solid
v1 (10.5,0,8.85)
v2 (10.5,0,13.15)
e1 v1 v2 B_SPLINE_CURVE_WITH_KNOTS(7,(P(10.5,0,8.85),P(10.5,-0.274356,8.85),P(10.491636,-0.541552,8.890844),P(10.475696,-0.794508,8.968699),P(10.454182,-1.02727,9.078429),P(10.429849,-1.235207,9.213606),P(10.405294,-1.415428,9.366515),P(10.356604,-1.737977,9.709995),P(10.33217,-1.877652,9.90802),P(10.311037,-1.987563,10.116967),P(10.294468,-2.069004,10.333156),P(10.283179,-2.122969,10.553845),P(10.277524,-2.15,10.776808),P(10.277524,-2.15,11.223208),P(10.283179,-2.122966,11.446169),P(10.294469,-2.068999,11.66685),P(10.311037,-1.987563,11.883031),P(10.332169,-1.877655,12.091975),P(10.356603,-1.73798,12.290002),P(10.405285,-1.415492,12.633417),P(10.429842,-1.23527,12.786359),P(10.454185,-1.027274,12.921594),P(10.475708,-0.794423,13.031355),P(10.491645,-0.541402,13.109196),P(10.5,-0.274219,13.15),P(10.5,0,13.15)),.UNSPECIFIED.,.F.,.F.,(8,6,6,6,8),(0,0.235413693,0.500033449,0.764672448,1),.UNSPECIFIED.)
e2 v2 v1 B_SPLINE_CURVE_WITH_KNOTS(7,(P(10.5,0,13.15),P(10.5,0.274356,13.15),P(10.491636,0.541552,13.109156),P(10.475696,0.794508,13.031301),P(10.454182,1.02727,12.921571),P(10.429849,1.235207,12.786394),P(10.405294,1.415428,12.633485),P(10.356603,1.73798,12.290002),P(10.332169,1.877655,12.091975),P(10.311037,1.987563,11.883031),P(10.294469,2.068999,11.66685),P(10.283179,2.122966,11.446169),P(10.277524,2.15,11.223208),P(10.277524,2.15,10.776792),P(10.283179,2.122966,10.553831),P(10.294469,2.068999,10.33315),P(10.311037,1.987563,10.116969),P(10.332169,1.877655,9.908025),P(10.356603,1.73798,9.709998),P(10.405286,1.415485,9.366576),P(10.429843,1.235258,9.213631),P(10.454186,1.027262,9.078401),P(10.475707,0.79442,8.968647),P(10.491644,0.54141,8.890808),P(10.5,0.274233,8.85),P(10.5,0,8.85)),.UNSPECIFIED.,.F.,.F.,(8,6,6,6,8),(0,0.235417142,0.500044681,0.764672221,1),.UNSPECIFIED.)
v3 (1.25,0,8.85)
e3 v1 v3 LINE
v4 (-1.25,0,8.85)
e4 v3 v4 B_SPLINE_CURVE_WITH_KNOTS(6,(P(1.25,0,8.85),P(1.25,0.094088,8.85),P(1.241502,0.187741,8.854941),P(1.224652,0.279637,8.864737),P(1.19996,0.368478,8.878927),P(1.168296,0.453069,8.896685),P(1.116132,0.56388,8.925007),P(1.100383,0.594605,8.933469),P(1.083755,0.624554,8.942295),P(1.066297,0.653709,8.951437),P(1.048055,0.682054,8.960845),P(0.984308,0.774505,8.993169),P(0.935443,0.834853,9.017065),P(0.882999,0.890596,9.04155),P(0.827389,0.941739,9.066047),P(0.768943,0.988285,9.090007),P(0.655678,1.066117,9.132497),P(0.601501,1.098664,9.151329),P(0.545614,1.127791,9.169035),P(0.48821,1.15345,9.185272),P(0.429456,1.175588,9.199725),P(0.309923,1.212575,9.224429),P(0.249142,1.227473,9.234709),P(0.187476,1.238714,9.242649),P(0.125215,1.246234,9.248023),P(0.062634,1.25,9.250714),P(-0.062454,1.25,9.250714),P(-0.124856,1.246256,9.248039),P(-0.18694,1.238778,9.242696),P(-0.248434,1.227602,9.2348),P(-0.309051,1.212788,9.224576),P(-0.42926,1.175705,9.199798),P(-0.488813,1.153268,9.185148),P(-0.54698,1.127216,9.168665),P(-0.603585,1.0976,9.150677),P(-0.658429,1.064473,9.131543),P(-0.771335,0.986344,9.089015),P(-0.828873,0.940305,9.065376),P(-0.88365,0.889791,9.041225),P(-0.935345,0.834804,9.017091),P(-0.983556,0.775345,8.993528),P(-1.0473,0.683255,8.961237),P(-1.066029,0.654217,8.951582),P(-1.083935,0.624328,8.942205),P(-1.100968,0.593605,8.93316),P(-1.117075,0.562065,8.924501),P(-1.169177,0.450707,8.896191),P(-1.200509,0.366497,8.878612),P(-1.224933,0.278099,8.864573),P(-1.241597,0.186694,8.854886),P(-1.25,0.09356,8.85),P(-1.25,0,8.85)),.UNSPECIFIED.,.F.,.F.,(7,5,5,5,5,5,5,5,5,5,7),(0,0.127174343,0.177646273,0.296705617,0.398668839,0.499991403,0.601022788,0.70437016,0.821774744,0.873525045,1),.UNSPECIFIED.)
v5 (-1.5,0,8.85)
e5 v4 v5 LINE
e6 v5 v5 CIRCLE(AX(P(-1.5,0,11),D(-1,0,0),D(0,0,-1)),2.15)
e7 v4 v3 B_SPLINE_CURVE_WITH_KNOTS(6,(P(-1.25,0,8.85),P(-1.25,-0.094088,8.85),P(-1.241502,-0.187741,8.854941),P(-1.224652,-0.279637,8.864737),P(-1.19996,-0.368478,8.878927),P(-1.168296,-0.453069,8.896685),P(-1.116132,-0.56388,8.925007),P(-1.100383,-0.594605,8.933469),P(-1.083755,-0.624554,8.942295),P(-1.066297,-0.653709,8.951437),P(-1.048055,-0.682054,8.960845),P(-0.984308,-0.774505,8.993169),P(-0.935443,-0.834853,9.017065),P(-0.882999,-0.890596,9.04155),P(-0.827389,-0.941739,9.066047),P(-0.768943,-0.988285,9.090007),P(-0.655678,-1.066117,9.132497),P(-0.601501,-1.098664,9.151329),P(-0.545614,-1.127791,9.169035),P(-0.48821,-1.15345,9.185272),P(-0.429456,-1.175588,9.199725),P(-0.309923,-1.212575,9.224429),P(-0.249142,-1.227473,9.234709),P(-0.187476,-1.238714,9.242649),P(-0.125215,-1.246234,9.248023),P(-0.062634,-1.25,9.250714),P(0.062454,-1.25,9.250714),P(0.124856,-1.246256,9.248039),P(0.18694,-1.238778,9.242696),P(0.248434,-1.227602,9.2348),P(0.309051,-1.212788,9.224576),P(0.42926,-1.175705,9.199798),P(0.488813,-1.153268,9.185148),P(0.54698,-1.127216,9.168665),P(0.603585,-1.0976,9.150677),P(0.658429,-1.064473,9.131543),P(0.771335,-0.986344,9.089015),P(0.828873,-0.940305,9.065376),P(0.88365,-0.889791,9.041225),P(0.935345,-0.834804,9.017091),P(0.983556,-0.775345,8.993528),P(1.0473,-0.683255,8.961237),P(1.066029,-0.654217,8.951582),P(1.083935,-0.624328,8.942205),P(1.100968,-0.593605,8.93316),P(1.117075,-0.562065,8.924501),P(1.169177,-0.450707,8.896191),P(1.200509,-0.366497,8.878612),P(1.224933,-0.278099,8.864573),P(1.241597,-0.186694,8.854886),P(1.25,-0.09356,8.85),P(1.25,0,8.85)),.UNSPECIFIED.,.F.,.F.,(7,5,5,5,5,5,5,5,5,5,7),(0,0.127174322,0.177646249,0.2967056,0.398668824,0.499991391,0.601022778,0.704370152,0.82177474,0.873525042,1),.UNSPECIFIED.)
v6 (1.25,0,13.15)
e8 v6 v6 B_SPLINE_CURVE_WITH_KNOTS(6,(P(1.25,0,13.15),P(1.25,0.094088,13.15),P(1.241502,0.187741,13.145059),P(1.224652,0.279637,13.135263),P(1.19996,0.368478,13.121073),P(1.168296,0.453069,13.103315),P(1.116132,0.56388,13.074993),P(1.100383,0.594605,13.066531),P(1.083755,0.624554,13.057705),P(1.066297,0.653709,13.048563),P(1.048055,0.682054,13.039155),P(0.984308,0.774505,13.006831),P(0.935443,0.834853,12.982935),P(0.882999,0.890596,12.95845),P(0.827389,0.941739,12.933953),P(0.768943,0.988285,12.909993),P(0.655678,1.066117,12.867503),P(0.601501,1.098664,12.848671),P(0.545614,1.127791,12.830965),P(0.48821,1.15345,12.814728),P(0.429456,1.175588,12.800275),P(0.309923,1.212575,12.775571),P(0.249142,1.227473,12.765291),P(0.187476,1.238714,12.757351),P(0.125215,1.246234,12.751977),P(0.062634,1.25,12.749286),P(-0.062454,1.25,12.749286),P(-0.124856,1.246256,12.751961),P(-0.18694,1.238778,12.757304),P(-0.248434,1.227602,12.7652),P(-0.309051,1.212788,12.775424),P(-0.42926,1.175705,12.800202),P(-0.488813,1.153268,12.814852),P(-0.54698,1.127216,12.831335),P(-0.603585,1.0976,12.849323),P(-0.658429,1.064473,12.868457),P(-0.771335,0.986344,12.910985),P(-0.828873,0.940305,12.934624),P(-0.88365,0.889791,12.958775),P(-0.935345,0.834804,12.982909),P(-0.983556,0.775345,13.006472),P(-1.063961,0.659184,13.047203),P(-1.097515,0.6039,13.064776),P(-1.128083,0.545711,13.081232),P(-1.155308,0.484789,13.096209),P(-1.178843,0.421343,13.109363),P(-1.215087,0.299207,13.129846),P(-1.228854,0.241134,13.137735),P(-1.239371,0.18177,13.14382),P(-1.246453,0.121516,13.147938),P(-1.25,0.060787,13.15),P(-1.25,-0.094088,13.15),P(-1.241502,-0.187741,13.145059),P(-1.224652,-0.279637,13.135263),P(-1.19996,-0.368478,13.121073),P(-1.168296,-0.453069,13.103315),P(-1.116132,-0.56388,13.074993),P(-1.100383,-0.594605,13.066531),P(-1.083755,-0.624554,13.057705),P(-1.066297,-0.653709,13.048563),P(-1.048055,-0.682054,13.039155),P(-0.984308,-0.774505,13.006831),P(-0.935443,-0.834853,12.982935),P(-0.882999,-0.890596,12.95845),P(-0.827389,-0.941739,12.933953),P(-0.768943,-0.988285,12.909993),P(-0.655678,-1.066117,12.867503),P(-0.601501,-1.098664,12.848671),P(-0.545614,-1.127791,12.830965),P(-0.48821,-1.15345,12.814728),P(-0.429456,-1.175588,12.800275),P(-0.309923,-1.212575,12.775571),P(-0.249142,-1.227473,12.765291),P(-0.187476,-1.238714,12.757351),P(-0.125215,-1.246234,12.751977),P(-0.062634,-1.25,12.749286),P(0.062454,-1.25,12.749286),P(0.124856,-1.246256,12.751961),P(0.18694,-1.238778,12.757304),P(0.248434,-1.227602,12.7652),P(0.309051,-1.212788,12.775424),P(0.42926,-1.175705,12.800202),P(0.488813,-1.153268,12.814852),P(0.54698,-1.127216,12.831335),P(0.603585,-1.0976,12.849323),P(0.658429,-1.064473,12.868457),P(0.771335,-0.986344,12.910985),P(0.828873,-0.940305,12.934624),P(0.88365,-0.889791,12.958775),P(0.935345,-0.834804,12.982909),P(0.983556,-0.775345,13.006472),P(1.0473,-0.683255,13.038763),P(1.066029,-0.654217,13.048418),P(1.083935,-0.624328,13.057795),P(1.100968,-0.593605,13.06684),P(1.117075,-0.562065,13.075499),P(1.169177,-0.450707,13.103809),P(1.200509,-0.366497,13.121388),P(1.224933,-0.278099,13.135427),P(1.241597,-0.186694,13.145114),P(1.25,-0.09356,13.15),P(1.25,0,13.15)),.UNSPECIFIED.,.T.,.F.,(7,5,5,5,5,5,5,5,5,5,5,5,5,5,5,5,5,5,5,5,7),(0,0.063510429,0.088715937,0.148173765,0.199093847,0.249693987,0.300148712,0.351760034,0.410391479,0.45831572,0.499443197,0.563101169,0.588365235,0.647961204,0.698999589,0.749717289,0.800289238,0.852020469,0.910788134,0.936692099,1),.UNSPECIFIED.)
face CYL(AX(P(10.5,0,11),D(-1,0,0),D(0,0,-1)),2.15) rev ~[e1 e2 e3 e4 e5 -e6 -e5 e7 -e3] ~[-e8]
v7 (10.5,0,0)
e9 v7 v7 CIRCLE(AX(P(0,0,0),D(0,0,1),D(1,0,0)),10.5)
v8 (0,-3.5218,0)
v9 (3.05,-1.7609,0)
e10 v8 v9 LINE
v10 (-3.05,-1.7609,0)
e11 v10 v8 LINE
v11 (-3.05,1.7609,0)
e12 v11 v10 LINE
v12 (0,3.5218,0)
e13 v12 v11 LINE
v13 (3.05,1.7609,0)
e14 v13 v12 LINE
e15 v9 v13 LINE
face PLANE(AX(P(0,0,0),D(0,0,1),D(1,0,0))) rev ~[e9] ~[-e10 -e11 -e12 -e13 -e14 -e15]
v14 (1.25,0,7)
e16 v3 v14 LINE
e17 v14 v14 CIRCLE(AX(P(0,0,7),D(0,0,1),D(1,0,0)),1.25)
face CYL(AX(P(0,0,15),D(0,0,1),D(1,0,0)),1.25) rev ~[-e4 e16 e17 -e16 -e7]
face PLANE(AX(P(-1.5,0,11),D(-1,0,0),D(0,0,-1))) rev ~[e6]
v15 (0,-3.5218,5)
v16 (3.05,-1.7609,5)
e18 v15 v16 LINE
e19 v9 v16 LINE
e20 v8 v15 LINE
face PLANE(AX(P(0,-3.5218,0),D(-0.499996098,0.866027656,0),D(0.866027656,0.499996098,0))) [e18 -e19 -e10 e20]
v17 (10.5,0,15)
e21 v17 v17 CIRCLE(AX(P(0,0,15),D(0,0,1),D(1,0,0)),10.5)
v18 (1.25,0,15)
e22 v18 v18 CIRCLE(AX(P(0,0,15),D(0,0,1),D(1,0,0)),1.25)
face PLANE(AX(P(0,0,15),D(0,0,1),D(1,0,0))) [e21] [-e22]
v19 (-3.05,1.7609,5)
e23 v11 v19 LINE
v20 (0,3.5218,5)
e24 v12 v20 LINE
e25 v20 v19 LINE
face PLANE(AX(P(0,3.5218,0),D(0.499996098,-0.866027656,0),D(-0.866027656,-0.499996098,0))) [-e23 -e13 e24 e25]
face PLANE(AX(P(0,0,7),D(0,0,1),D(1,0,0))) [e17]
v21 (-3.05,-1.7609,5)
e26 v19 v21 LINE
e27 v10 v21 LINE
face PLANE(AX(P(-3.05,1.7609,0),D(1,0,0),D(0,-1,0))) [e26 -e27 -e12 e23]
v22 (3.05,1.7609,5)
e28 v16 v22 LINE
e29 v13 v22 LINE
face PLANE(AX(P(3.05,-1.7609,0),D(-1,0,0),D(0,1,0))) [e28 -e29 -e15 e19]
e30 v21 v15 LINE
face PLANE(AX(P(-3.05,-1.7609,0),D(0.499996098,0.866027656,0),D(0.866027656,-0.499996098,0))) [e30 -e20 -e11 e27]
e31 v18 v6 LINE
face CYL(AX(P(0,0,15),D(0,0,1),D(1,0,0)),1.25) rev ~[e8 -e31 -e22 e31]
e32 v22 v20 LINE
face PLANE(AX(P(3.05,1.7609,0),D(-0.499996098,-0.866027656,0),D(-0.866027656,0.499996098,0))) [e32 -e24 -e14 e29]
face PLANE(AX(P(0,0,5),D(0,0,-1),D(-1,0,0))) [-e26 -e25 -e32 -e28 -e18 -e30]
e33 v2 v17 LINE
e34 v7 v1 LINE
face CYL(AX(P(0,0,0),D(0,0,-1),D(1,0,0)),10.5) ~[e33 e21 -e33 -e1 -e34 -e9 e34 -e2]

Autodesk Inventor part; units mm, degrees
ref_plane "YZ Plane" through (0, 0, 0) normal (1, 0, 0) x (0, 1, 0)
ref_plane "XZ Plane" through (0, 0, 0) normal (0, 1, 0) x (-1, 0, 0)
sketch "Boceto1" plane through (0, 0, 0) normal (0, 0, 1) x (1, 0, 0)
  circle A0 centre (0, 0) radius 10.5
  dimension "d0" = 21
extrude "Extrusión1" add sketch "Boceto1" along normal blind 15
sketch "Boceto2" plane through (0, 0, 15) normal (0, 0, 1) x (1, 0, 0)
  circle A0 centre (0, 0) radius 1.25
  dimension "d3" = 2.5
extrude "Extrusión2" cut sketch "Boceto2" against normal blind 8
sketch "Boceto3" plane through (0, 0, 0) normal (0, 0, -1) x (-1, 0, 0)
  line L0 (0, 3.5218) -> (3.05, 1.7609)
  line L1 (3.05, 1.7609) -> (3.05, -1.7609)
  line L2 (3.05, -1.7609) -> (0, -3.5218)
  line L3 (0, -3.5218) -> (-3.05, -1.7609)
  line L4 (-3.05, -1.7609) -> (-3.05, 1.7609)
  line L5 (-3.05, 1.7609) -> (0, 3.5218)
  point P0 (0, 0)
  point P1 (0, 0)
  point P2 (3.05, 0)
  dimension "d6" = 6.1
extrude "Extrusión3" cut sketch "Boceto3" against normal blind 5
ref_plane "Plano de trabajo1" through (10.5, 0, 0) normal (-1, 0, 0) x (0, 0, 1)
sketch "Boceto4" plane through (10.5, 0, 0) normal (-1, 0, 0) x (0, 0, 1)
  circle A0 centre (11, 0) radius 2
  line L0 (15, -10.5) -> (15, 10.5) projected
  point P0 (0, 0)
  dimension "d11" = 4
  dimension "d12" = 4
hole "Agujero1" at (10.5, 0, 11) direction (-1, 0, 0) diameter 4.3 depth 12
properties part number "AcopleMotor"
